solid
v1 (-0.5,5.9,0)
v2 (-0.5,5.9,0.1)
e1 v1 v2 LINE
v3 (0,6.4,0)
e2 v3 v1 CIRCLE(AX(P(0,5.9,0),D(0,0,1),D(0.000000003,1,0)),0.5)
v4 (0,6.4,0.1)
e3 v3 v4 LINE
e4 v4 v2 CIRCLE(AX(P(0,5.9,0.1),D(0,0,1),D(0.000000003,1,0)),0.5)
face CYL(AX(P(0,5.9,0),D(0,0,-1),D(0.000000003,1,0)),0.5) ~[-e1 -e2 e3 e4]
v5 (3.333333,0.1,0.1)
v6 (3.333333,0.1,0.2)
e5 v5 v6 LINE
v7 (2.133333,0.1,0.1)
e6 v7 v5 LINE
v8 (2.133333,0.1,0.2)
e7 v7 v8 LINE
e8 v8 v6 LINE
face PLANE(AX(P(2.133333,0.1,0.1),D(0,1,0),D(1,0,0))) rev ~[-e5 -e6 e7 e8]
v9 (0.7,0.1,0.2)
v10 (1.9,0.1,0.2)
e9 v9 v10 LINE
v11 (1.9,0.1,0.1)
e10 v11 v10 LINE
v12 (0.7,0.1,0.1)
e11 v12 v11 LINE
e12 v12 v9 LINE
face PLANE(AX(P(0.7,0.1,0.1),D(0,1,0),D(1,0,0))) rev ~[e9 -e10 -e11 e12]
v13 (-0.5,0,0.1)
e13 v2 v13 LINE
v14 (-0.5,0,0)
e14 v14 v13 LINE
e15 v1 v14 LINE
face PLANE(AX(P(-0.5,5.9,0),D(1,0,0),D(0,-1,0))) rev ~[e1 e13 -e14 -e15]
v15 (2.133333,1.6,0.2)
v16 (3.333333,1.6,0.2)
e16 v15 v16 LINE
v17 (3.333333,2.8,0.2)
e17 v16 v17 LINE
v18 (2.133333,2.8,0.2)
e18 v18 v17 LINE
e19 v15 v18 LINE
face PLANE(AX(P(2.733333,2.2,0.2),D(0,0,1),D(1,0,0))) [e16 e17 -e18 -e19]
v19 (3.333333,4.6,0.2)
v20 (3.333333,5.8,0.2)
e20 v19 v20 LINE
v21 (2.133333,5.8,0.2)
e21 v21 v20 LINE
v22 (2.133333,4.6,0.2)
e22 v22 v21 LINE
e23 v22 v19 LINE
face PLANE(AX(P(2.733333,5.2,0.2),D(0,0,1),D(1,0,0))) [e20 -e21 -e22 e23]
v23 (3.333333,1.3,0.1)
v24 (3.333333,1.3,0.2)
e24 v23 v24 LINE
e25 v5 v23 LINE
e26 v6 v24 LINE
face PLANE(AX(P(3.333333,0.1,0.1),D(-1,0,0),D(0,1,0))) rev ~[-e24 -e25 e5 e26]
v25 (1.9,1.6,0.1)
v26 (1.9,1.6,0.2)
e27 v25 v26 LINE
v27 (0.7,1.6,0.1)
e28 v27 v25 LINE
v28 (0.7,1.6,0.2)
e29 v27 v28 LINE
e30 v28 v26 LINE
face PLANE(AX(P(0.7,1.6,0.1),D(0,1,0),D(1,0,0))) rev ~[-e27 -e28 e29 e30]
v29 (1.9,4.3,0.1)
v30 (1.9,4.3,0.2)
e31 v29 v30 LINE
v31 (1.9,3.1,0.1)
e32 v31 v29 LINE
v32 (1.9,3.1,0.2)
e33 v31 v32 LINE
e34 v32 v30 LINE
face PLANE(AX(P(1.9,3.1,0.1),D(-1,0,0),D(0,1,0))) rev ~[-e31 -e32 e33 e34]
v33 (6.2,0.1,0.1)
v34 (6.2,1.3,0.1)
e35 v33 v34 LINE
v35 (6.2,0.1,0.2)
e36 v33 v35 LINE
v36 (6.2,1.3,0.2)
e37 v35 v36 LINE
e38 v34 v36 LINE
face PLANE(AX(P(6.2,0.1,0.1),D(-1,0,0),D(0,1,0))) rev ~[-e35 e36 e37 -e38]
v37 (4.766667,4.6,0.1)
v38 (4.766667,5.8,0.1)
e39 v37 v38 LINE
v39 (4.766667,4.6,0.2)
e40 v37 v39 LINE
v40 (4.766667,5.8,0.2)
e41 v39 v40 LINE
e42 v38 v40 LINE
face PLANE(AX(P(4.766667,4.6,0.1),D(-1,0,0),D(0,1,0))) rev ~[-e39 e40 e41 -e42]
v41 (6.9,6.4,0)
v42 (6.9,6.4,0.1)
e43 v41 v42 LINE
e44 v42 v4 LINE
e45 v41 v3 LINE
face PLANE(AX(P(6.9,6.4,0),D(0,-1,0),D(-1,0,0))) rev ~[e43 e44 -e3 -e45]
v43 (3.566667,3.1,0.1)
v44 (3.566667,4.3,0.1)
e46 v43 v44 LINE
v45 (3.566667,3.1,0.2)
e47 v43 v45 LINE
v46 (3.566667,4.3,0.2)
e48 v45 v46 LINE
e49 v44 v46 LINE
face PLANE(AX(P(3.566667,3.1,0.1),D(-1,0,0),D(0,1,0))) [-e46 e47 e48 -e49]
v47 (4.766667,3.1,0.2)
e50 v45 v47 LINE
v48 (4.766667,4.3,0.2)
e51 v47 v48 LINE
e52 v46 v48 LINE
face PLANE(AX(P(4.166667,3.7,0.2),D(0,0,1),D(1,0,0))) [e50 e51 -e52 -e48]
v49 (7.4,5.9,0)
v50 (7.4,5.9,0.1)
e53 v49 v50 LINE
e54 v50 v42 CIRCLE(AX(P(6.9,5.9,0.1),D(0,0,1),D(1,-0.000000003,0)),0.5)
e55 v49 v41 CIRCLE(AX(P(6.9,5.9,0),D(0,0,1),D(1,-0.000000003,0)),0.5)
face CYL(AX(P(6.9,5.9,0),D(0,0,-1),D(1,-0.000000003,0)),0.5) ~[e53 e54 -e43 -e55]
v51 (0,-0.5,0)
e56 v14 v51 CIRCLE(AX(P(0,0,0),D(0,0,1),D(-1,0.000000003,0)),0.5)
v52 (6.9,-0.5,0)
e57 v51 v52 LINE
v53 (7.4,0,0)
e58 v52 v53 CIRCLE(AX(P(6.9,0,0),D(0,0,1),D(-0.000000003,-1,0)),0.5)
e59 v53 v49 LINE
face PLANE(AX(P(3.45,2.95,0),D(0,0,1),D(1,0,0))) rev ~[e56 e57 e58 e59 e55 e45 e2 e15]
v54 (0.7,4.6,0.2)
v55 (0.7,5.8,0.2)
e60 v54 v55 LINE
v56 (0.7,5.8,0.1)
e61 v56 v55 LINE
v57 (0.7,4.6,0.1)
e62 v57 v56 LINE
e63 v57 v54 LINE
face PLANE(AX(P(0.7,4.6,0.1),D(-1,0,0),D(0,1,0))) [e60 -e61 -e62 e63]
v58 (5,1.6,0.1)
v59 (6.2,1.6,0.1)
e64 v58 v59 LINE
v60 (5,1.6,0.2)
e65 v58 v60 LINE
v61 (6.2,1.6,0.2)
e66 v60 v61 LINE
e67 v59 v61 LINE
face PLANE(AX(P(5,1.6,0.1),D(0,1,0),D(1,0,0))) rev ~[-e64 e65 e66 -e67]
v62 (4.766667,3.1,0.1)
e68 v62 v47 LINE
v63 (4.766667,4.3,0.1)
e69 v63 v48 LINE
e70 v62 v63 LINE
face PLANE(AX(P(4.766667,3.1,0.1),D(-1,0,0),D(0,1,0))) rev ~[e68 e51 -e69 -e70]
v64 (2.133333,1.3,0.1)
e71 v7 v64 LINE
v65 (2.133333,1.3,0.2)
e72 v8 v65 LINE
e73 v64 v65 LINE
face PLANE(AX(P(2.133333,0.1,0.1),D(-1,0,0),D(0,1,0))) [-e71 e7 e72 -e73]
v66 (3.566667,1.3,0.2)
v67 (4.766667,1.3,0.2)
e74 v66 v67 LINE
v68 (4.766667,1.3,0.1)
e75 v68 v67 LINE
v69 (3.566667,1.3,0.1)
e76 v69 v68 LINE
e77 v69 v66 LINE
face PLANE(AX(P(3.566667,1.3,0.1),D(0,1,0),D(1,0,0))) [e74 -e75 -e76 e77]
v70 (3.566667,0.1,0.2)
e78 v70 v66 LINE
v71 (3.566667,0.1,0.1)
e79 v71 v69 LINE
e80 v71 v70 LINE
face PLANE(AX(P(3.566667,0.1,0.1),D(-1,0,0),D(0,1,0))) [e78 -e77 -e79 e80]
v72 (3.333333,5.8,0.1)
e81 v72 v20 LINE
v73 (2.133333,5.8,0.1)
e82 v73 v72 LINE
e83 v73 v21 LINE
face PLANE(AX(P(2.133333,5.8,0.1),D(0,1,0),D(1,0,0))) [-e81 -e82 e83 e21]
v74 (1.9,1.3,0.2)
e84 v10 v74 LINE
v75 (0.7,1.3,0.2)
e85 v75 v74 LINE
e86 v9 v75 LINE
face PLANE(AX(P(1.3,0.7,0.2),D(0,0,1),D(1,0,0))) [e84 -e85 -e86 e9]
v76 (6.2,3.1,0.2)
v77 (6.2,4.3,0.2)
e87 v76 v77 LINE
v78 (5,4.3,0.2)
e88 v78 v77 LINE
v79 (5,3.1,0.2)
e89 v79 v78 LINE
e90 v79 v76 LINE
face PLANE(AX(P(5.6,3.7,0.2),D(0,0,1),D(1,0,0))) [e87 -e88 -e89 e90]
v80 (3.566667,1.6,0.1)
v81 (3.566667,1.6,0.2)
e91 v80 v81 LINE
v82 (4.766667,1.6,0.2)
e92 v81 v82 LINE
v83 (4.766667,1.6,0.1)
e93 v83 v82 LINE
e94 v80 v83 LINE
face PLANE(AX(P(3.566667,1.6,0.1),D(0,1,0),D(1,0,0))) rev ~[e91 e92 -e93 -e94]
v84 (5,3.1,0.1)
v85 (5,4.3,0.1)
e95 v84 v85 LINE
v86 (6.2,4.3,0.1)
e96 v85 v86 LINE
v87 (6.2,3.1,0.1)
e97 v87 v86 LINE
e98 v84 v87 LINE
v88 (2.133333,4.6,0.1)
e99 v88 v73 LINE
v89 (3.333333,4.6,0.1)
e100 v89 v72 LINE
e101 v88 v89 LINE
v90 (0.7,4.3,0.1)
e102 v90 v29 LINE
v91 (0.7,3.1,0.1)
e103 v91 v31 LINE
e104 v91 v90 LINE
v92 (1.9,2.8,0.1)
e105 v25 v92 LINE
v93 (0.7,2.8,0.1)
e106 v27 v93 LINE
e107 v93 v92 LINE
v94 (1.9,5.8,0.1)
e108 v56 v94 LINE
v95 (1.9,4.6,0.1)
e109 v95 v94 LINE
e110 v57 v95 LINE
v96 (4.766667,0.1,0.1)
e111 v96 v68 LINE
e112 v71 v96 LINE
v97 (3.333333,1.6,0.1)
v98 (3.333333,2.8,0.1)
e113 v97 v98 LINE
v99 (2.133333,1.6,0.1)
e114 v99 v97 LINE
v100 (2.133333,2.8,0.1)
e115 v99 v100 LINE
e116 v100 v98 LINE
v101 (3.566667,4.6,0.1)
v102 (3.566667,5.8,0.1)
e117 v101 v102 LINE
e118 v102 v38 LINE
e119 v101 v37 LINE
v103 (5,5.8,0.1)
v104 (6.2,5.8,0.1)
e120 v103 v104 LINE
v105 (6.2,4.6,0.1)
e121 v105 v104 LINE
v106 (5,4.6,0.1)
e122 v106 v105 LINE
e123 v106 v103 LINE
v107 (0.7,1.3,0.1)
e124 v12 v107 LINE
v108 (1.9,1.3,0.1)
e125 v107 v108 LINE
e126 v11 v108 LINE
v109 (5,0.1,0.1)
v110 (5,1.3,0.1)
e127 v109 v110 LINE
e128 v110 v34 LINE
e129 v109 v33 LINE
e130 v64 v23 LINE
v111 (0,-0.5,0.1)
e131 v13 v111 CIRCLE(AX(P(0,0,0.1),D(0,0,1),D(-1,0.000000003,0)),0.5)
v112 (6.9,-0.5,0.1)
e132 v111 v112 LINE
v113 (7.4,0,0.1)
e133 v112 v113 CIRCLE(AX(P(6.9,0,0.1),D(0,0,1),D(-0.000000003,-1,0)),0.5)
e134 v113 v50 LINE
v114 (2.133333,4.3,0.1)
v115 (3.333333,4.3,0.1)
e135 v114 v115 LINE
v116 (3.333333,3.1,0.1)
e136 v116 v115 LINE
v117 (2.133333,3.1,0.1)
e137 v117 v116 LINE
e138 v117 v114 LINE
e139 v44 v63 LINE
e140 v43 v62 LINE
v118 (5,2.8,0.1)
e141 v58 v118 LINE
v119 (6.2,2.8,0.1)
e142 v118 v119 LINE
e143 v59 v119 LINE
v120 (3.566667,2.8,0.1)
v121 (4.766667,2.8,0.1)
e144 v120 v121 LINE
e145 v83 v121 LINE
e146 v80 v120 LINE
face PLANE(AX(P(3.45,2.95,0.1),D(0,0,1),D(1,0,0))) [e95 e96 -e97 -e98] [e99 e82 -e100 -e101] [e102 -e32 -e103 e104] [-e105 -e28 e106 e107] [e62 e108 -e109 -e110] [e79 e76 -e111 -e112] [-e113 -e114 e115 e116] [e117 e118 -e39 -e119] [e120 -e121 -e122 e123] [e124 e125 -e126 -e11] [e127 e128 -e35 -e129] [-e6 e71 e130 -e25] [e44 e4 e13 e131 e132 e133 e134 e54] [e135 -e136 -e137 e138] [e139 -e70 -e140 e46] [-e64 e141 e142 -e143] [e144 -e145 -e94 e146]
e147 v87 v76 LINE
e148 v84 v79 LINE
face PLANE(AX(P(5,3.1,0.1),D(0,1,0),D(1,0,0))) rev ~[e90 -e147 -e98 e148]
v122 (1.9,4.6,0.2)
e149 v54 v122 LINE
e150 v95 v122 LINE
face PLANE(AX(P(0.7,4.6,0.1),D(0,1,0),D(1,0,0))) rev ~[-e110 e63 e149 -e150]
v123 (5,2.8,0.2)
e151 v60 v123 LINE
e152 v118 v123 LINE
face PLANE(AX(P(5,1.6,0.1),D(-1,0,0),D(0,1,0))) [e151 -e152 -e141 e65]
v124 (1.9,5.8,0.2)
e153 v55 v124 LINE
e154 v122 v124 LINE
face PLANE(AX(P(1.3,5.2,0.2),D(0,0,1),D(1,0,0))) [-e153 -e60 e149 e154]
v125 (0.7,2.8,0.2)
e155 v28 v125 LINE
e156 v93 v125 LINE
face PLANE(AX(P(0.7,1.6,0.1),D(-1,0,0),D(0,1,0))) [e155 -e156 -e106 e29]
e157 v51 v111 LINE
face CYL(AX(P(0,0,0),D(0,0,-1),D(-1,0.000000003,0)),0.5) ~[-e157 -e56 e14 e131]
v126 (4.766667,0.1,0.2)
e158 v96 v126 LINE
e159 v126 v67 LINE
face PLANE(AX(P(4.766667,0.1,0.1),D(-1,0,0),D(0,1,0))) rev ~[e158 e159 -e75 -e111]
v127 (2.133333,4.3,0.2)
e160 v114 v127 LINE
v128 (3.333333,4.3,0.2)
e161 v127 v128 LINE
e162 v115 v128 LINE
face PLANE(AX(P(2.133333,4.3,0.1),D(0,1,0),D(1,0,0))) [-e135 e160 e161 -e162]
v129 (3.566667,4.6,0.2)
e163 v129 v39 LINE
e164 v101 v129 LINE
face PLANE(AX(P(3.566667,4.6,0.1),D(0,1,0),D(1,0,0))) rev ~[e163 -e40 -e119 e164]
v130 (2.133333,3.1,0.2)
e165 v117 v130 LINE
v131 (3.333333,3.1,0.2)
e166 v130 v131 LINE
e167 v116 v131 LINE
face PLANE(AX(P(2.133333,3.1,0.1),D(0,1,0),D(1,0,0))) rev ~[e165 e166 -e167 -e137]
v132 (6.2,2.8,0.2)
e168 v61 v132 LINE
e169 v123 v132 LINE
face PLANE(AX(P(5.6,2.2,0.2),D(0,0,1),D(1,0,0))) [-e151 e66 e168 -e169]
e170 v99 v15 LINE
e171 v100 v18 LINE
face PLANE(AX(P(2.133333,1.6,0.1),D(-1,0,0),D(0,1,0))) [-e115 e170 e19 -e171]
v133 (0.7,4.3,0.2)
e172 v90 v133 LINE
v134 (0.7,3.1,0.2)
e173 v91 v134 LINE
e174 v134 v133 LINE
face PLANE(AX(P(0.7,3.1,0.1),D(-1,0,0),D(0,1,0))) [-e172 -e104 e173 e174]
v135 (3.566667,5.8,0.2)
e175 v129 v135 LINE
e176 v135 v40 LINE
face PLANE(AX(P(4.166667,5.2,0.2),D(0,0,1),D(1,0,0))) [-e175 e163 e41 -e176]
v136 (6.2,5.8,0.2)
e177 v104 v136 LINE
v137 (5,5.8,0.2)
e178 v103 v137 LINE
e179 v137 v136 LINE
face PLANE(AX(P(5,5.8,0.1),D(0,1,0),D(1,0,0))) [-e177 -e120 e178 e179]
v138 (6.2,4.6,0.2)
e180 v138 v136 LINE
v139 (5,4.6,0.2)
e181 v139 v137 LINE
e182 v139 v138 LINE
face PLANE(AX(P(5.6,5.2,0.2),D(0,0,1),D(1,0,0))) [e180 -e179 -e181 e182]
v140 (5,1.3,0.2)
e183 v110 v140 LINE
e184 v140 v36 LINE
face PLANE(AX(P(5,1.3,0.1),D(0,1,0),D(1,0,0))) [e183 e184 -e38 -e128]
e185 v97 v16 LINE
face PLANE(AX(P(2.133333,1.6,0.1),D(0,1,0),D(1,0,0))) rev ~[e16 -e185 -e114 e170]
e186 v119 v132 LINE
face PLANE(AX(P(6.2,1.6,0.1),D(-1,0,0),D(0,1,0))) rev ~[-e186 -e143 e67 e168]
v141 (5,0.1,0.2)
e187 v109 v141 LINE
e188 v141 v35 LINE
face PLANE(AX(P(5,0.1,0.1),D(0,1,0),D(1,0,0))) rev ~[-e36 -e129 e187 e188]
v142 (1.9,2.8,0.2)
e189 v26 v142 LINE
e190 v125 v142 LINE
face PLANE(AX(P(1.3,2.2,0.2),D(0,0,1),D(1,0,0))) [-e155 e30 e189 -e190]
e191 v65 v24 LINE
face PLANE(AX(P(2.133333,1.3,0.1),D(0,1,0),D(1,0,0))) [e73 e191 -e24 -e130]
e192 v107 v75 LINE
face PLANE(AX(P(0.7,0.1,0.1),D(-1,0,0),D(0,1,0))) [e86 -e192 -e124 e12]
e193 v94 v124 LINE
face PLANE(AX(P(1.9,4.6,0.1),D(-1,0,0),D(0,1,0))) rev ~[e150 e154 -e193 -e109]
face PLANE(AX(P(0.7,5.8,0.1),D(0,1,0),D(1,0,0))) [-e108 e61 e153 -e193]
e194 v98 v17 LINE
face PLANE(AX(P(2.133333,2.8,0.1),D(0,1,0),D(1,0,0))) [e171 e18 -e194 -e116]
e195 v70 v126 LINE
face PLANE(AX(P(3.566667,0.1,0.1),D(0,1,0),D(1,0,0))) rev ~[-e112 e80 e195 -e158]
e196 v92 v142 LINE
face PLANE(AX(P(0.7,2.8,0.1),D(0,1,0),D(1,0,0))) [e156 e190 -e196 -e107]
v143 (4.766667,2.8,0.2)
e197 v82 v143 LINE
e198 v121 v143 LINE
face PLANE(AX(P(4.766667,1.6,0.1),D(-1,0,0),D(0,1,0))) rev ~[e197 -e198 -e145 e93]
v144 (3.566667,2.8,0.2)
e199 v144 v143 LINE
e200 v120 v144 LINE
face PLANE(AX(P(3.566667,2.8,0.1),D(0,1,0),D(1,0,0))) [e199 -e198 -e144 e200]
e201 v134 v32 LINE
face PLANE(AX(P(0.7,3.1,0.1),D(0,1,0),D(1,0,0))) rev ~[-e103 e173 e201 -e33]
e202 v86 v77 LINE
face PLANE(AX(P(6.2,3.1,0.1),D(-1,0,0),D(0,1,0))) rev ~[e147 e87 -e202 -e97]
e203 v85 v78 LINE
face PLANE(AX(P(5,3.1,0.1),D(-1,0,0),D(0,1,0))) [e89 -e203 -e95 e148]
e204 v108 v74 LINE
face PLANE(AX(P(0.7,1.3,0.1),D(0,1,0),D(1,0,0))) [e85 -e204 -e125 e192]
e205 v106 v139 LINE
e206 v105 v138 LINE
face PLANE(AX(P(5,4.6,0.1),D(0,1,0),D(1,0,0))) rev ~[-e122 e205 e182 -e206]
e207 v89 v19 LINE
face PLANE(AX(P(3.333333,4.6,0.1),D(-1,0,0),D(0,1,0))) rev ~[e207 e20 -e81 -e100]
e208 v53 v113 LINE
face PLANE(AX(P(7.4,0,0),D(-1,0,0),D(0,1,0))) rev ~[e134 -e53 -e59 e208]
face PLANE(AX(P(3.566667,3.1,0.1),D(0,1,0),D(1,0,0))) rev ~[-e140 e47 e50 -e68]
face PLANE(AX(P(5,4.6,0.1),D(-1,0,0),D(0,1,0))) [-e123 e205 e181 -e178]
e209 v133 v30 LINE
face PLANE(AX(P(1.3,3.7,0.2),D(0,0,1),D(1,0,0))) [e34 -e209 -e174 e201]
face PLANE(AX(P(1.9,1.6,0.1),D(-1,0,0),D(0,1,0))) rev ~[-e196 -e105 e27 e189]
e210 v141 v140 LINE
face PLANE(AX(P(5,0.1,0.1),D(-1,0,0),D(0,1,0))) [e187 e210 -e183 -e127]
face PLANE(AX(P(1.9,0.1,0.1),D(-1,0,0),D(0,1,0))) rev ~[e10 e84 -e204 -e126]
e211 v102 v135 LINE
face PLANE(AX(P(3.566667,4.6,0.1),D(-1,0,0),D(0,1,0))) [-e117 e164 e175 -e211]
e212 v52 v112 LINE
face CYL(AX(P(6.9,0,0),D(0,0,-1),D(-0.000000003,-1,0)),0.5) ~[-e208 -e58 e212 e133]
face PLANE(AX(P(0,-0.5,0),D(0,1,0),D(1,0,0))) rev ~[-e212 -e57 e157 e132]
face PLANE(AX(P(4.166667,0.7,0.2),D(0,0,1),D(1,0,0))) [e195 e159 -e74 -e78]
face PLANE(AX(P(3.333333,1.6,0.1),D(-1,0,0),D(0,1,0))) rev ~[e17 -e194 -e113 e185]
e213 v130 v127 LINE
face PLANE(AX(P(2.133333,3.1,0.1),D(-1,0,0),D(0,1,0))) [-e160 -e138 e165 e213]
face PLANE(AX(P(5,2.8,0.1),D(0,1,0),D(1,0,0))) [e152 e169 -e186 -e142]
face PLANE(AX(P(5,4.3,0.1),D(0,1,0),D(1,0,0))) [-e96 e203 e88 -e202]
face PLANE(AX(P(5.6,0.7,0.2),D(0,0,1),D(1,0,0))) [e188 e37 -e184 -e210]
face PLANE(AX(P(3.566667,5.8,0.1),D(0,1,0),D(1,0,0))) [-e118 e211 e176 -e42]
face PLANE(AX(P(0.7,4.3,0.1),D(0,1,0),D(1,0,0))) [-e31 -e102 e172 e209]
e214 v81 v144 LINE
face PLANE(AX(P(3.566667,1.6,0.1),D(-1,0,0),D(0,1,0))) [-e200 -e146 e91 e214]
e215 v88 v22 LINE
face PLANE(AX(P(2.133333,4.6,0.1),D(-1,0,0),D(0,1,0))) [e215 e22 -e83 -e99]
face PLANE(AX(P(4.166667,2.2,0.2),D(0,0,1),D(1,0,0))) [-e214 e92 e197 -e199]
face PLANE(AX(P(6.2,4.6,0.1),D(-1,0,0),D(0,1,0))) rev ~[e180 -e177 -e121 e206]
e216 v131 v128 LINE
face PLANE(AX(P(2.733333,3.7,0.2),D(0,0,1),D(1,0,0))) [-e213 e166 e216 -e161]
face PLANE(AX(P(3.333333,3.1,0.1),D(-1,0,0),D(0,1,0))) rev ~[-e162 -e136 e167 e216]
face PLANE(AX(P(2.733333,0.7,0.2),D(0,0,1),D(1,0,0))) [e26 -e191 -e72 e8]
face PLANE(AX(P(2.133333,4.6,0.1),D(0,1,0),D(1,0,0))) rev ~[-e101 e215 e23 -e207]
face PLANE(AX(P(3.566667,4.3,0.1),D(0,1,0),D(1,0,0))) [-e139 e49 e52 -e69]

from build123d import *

# Parameters (mm, degrees)
BOSS_EXTRU_1_DEPTH = 0.1
ESQUISSE2_W        = 1.2
ESQUISSE2_H        = 1.2
BOSS_EXTRU_2_DEPTH = 0.1


with BuildPart() as part:
    # Esquisse1 → Boss.-Extru.1 (new body)
    with BuildSketch(Plane.XY):
        with BuildLine():
            Line((0, -0.5), (6.9, -0.5))
            ThreePointArc((6.9, -0.5), (7.253553391, -0.353553391), (7.4, 0))
            Line((7.4, 0), (7.4, 5.9))
            ThreePointArc((7.4, 5.9), (7.253553391, 6.253553391), (6.9, 6.4))
            Line((6.9, 6.4), (0, 6.4))
            ThreePointArc((0, 6.4), (-0.353553391, 6.253553391), (-0.5, 5.9))
            Line((-0.5, 5.9), (-0.5, 0))
            ThreePointArc((-0.5, 0), (-0.353553391, -0.353553391), (0, -0.5))
        make_face()
    extrude(amount=BOSS_EXTRU_1_DEPTH)

    # Esquisse2 → Boss.-Extru.2 (add)
    with BuildSketch(Plane.XY.offset(0.1)):
        with Locations((1.3, 0.7)):
            Rectangle(ESQUISSE2_W, ESQUISSE2_H)
        with Locations((2.733333333, 0.7)):
            Rectangle(ESQUISSE2_W, ESQUISSE2_H)
        with Locations((4.166666667, 0.7)):
            Rectangle(ESQUISSE2_W, ESQUISSE2_H)
        with Locations((5.6, 0.7)):
            Rectangle(ESQUISSE2_W, ESQUISSE2_H)
        with Locations((2.733333333, 2.2)):
            Rectangle(ESQUISSE2_W, ESQUISSE2_H)
        with Locations((4.166666667, 2.2)):
            Rectangle(ESQUISSE2_W, ESQUISSE2_H)
        with Locations((5.6, 2.2)):
            Rectangle(ESQUISSE2_W, ESQUISSE2_H)
        with Locations((2.733333333, 3.7)):
            Rectangle(ESQUISSE2_W, ESQUISSE2_H)
        with Locations((4.166666667, 3.7)):
            Rectangle(ESQUISSE2_W, ESQUISSE2_H)
        with Locations((5.6, 3.7)):
            Rectangle(ESQUISSE2_W, ESQUISSE2_H)
        with Locations((2.733333333, 5.2)):
            Rectangle(ESQUISSE2_W, ESQUISSE2_H)
        with Locations((4.166666667, 5.2)):
            Rectangle(ESQUISSE2_W, ESQUISSE2_H)
        with Locations((5.6, 5.2)):
            Rectangle(ESQUISSE2_W, ESQUISSE2_H)
        with Locations((1.3, 2.2)):
            Rectangle(ESQUISSE2_W, ESQUISSE2_H)
        with Locations((1.3, 3.7)):
            Rectangle(ESQUISSE2_W, ESQUISSE2_H)
        with Locations((1.3, 5.2)):
            Rectangle(ESQUISSE2_W, ESQUISSE2_H)
    extrude(amount=BOSS_EXTRU_2_DEPTH)


solid = part.part
